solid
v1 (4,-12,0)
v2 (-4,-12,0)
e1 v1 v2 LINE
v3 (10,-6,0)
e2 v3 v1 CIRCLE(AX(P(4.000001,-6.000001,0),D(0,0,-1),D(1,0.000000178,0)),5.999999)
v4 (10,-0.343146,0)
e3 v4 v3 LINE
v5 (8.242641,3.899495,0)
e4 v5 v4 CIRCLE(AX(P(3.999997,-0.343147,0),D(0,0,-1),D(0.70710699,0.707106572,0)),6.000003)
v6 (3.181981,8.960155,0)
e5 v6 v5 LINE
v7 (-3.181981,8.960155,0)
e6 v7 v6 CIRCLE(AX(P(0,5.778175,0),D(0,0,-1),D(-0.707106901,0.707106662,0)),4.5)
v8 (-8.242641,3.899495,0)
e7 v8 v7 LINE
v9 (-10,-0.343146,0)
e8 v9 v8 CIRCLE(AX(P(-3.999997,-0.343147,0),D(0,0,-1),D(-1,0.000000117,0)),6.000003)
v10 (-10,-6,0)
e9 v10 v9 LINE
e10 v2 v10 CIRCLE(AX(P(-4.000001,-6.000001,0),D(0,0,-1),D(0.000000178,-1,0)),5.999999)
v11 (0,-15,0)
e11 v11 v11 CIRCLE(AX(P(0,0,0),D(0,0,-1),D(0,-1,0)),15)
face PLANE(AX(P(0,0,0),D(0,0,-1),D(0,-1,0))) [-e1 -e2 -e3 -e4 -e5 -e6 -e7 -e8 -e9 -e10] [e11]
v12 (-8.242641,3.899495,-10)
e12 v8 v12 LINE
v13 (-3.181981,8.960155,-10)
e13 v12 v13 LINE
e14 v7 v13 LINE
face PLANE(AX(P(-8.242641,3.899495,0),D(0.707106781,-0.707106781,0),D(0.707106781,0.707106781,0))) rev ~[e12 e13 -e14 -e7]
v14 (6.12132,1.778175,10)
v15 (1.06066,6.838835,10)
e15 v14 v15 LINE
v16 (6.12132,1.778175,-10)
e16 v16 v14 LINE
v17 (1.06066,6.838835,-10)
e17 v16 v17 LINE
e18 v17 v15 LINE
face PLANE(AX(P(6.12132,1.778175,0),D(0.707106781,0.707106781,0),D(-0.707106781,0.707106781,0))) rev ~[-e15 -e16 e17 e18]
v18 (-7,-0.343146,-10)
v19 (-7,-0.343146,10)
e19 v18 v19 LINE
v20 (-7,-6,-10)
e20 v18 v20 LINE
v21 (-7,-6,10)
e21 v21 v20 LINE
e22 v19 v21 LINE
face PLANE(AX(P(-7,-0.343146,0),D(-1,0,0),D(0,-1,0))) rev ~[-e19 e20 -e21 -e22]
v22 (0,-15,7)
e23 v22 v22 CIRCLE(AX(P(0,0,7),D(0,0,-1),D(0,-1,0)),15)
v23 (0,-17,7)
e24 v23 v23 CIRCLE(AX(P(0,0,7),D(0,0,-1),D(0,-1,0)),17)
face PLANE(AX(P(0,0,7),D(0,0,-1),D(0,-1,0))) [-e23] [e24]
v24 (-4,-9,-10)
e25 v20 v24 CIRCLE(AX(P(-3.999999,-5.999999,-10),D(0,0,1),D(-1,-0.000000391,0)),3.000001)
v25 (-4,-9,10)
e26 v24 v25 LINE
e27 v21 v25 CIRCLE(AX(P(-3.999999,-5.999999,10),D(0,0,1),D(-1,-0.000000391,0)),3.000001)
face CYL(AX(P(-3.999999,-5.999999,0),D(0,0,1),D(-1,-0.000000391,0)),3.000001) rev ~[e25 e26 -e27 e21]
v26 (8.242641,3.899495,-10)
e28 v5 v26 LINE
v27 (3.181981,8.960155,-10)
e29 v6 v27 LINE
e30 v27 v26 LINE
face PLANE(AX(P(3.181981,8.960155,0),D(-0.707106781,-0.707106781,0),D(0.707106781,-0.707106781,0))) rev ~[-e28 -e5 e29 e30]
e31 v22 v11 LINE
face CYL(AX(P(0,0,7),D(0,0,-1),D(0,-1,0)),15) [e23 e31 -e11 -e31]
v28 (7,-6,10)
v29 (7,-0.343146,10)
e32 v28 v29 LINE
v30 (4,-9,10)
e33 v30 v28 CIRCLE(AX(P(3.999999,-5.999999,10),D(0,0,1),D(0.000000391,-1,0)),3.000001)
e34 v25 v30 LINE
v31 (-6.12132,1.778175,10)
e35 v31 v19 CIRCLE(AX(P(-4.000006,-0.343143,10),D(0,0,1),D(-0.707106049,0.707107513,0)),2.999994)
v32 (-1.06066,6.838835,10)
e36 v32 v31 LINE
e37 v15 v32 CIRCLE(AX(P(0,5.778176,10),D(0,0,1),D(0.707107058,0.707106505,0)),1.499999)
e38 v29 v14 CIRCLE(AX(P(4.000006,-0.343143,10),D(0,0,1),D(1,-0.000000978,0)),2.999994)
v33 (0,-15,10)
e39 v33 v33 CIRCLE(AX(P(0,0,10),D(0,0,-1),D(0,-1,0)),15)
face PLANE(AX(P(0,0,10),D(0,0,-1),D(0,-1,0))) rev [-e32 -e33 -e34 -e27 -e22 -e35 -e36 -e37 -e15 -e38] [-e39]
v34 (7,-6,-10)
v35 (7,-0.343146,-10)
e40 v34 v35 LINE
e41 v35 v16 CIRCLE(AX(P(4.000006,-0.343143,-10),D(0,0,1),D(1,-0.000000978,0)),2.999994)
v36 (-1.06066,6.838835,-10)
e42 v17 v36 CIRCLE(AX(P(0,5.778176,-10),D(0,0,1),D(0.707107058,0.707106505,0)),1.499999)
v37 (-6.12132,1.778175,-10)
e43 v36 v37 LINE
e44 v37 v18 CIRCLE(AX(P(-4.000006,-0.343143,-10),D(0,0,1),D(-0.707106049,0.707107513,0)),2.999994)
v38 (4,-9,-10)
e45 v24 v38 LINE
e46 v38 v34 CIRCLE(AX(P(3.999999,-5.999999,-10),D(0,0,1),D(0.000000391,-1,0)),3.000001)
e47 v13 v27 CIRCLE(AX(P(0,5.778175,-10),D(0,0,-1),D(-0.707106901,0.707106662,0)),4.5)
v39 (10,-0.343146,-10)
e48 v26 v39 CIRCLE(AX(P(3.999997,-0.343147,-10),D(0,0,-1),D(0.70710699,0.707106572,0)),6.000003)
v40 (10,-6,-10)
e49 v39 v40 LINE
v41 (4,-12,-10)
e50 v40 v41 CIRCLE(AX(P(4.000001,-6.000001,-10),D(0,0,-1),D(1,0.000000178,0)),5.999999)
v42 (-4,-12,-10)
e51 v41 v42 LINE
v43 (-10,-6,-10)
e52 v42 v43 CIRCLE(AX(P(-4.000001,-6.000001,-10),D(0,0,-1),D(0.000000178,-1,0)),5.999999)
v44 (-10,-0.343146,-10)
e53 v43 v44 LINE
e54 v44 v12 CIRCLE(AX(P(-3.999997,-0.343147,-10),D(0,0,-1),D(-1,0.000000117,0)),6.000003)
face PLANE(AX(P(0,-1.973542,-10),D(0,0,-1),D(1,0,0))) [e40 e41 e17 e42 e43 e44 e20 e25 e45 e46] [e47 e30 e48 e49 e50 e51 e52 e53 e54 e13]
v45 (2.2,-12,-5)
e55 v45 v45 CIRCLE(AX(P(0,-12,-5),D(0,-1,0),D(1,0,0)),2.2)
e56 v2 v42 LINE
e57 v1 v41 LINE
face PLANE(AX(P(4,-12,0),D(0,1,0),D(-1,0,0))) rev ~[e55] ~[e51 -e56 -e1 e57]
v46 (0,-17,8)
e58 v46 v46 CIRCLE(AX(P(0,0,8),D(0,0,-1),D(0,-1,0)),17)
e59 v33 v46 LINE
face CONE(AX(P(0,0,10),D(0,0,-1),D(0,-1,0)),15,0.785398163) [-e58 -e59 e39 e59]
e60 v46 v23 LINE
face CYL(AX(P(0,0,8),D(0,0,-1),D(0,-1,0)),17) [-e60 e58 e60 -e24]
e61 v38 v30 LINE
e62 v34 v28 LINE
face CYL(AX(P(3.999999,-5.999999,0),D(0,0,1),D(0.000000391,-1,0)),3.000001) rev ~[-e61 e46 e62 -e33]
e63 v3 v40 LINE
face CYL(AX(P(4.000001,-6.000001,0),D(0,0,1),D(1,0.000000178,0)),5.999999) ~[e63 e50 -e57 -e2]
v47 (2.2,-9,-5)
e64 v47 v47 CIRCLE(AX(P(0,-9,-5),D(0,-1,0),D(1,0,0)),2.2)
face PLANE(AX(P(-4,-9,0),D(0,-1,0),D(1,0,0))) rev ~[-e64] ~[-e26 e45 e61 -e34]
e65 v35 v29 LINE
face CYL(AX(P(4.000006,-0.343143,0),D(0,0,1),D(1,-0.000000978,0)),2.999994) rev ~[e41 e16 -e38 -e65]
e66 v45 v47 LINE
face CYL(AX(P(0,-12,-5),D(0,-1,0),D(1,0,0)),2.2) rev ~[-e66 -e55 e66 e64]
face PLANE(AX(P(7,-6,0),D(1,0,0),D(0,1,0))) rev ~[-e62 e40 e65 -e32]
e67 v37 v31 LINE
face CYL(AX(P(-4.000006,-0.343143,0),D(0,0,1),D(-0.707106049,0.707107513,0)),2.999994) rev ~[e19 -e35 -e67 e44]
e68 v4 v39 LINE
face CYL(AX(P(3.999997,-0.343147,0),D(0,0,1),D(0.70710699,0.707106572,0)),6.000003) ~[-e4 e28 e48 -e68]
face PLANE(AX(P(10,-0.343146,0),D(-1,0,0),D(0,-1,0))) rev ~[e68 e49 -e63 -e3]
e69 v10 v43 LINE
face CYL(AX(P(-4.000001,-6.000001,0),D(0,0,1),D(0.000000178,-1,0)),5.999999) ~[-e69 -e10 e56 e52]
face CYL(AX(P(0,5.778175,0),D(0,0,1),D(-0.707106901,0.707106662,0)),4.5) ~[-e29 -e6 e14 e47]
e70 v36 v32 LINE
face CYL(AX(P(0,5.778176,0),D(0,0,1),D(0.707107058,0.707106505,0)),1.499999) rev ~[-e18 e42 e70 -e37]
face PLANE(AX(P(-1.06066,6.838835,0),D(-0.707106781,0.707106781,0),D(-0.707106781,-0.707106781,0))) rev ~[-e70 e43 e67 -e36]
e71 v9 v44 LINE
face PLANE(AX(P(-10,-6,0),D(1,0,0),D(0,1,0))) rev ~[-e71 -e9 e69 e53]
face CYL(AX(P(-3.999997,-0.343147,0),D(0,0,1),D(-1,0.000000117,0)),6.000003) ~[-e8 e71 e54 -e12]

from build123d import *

# Parameters (mm, degrees)
F3_DEPTH = 10.001
F5_DEPTH = 10
F6_R     = 2.2
F7_DEPTH = 3


with BuildPart() as f1:
    # F0 (on Right) → F1 (revolve)
    with BuildSketch(Plane.YZ):
        Polygon((-15, 0), (0, 0), (0, 10), (-15, 10), (-17, 8), (-17, 7), (-15, 7), align=None)
    revolve(axis=Axis((0, 0, -2.15537), (0, 0, -1)))

    # F2 (on face) → F3 (cut, through all)
    with BuildSketch(Plane.XY.offset(10)):
        with BuildLine():
            Line((-7, -0.343146), (-7, -6))
            ThreePointArc((-7, -6), (-6.12132, -8.12132), (-4, -9))
            Line((-4, -9), (4, -9))
            ThreePointArc((4, -9), (6.12132, -8.12132), (7, -6))
            Line((7, -6), (7, -0.343146))
            ThreePointArc((7, -0.343146), (6.771639, 0.804905), (6.12132, 1.778175))
            Line((6.12132, 1.778175), (1.06066, 6.838835))
            ThreePointArc((1.06066, 6.838835), (0, 7.278175), (-1.06066, 6.838835))
            Line((-1.06066, 6.838835), (-6.12132, 1.778175))
            ThreePointArc((-6.12132, 1.778175), (-6.771639, 0.804905), (-7, -0.343146))
        make_face()
    extrude(amount=-F3_DEPTH, mode=Mode.SUBTRACT)

    # F4 (on face) → F5 (join)
    with BuildSketch(Plane(origin=(0, 0, 0), x_dir=(1, 0, 0), z_dir=(0, 0, -1))):
        with BuildLine():
            Line((4, 12), (-4, 12))
            ThreePointArc((-4, 12), (-8.242641, 10.242641), (-10, 6))
            Line((-10, 6), (-10, 0.343146))
            ThreePointArc((-10, 0.343146), (-9.543277, -1.952955), (-8.242641, -3.899495))
            Line((-8.242641, -3.899495), (-3.181981, -8.960155))
            ThreePointArc((-3.181981, -8.960155), (0, -10.278175), (3.181981, -8.960155))
            Line((3.181981, -8.960155), (8.242641, -3.899495))
            ThreePointArc((8.242641, -3.899495), (9.543277, -1.952955), (10, 0.343146))
            Line((10, 0.343146), (10, 6))
            ThreePointArc((10, 6), (8.242641, 10.242641), (4, 12))
        make_face()
        with BuildLine():
            ThreePointArc((-7, 6), (-6.12132, 8.12132), (-4, 9))
            Line((-4, 9), (4, 9))
            ThreePointArc((4, 9), (6.12132, 8.12132), (7, 6))
            Line((7, 6), (7, 0.343146))
            ThreePointArc((7, 0.343146), (6.771639, -0.804905), (6.12132, -1.778175))
            Line((6.12132, -1.778175), (1.06066, -6.838835))
            ThreePointArc((1.06066, -6.838835), (0, -7.278175), (-1.06066, -6.838835))
            Line((-1.06066, -6.838835), (-6.12132, -1.778175))
            ThreePointArc((-6.12132, -1.778175), (-6.771639, -0.804905), (-7, 0.343146))
            Line((-7, 0.343146), (-7, 6))
        make_face(mode=Mode.SUBTRACT)
    extrude(amount=F5_DEPTH)

    # F6 (on face) → F7 (cut, through all)
    with BuildSketch(Plane.XZ.offset(12)):
        with Locations((0, -5)):
            Circle(F6_R)
    extrude(amount=-F7_DEPTH, mode=Mode.SUBTRACT)


solid = f1.part
